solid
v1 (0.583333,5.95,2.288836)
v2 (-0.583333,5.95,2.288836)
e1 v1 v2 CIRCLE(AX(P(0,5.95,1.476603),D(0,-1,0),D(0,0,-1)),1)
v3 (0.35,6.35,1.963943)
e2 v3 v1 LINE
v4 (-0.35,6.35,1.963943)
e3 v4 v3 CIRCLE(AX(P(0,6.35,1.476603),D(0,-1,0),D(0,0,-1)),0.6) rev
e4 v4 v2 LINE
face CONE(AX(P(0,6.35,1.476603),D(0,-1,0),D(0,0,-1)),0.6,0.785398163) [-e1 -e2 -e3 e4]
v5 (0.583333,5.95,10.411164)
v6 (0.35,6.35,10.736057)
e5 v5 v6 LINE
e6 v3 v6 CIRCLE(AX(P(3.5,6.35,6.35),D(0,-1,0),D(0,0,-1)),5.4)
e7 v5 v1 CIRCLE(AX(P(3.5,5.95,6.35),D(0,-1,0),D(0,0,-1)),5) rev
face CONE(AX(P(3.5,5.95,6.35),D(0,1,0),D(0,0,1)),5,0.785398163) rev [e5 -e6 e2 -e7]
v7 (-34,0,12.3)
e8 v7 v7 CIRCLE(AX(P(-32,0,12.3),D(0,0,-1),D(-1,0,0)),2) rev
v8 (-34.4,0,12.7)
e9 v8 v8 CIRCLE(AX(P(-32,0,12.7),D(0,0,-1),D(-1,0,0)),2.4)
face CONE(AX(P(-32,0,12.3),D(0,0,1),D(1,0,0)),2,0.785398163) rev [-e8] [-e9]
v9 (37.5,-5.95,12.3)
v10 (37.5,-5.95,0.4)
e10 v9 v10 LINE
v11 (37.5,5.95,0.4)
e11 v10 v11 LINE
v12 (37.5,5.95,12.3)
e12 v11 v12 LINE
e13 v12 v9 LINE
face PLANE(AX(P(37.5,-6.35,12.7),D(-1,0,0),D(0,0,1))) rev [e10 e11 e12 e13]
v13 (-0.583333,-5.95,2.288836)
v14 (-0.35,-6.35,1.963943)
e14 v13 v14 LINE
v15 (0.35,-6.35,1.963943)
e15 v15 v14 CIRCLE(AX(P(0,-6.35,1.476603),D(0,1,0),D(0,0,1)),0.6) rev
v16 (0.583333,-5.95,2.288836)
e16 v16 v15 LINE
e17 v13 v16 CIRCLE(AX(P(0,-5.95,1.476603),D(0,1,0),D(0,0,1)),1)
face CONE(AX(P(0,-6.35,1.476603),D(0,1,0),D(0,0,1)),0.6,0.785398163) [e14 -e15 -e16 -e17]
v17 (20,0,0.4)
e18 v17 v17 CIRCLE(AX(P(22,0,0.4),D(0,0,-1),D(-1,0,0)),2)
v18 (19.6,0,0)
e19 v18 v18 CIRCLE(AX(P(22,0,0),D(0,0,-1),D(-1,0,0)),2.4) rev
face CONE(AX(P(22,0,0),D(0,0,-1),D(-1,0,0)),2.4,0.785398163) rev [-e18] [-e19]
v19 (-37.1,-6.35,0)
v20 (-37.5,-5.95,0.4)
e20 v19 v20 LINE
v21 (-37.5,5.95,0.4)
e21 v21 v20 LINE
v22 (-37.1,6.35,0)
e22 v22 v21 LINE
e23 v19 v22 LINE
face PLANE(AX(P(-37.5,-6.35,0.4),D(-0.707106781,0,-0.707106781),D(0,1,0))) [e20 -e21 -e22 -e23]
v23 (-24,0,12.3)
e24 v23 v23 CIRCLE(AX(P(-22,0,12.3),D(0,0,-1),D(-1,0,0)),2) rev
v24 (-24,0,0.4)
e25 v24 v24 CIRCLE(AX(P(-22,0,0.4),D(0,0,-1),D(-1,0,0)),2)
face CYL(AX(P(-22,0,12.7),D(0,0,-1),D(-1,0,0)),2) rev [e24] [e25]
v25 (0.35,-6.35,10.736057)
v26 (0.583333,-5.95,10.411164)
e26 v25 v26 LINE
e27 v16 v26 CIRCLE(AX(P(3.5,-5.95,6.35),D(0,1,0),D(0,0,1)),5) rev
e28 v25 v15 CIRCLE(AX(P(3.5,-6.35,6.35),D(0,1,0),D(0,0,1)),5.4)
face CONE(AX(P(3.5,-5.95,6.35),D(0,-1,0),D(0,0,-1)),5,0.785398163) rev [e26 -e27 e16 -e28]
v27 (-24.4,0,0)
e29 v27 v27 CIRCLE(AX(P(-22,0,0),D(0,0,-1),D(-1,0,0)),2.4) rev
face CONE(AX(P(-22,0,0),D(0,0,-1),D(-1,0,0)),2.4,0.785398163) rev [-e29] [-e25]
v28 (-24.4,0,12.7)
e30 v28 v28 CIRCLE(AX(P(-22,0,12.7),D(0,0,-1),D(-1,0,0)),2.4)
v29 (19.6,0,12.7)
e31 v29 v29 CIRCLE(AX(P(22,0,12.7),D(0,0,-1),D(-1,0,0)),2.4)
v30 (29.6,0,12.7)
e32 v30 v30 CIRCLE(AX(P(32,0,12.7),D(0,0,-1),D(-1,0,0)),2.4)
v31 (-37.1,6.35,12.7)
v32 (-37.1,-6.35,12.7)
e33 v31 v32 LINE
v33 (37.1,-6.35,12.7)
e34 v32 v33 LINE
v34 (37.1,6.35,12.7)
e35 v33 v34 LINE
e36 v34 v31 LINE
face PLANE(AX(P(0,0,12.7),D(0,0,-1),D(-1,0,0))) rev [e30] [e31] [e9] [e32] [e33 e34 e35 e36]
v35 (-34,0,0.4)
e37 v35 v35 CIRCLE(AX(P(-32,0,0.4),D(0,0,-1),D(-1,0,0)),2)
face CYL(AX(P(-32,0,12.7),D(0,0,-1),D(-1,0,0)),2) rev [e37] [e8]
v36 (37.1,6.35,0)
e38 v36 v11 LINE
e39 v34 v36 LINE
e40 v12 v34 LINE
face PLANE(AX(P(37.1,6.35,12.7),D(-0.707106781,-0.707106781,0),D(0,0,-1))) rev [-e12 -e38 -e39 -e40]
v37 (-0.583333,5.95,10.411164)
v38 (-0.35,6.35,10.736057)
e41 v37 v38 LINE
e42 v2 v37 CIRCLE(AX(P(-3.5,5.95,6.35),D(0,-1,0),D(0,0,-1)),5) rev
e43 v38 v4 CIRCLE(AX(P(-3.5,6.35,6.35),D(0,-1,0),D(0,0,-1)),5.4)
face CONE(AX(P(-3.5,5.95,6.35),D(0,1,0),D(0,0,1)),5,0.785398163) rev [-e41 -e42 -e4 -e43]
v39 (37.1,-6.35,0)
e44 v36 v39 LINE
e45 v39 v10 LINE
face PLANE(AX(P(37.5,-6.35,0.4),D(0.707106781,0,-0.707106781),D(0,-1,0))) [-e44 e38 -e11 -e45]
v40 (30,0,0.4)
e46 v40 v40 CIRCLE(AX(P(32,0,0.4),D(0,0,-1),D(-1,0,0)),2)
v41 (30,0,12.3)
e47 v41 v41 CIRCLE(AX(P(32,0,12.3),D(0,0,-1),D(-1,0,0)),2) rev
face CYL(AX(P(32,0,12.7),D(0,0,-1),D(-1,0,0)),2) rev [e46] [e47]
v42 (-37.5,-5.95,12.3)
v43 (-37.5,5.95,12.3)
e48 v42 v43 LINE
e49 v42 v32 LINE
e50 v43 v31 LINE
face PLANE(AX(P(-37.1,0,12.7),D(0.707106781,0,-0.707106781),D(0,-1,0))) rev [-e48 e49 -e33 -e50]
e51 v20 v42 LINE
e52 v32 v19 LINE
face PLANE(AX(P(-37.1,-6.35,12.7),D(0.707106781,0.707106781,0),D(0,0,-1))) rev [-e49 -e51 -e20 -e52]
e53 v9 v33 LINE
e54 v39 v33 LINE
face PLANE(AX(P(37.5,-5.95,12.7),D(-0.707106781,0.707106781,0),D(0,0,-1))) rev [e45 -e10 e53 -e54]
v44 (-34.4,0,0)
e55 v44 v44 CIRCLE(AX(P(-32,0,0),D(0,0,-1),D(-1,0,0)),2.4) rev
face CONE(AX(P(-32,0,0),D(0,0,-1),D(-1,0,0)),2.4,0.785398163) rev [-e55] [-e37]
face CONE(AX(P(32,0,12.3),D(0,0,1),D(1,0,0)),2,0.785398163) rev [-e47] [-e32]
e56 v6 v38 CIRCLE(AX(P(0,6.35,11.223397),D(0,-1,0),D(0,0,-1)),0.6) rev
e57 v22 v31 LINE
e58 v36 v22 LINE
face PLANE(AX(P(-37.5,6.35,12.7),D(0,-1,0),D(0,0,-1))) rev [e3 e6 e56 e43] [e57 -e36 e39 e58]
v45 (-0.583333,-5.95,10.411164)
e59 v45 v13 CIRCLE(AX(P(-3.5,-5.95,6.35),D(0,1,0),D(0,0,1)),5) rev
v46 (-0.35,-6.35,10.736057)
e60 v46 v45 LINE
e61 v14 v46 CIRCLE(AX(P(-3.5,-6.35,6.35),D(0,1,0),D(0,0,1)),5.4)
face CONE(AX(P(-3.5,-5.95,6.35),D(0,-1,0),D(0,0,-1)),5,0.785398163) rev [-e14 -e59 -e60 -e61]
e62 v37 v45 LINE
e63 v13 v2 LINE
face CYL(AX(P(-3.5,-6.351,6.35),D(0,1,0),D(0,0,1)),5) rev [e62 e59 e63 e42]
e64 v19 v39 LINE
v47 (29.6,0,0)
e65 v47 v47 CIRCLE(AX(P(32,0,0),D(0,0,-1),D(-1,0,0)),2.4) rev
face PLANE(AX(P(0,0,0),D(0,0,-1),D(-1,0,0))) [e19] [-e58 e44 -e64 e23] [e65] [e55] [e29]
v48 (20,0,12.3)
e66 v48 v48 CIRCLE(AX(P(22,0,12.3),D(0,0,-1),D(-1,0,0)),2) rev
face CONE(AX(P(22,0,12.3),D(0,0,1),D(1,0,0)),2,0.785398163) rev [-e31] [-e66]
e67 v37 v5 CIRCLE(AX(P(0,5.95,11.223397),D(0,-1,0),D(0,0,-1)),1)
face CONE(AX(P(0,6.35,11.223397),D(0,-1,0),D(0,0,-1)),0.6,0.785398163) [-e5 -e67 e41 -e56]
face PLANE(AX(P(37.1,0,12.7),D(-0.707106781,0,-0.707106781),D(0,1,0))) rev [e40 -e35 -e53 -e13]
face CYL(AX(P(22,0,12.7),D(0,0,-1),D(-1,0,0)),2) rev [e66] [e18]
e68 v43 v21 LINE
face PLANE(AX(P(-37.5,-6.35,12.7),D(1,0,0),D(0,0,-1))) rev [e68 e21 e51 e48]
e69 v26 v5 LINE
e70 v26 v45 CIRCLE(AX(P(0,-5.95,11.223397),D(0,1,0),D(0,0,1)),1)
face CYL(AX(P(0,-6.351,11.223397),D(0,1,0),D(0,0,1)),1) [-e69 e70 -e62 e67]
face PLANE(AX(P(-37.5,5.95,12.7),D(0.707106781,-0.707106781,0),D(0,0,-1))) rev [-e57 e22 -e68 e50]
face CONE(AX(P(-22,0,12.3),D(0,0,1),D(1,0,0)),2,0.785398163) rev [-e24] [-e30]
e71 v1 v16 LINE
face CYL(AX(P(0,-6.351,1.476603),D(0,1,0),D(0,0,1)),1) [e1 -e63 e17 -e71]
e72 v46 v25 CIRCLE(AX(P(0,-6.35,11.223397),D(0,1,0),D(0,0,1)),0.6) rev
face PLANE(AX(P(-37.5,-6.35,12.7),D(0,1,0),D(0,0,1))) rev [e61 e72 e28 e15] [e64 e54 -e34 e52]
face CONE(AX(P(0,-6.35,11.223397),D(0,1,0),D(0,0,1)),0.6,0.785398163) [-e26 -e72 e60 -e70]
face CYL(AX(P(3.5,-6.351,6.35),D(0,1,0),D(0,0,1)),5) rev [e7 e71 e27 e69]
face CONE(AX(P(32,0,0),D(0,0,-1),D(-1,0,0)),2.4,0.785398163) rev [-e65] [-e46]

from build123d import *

# Parameters (mm, degrees)
SKETCH1_W           = 75
SKETCH1_H           = 12.7
SKETCH1_R           = 2
BOSS_EXTRUDE1_DEPTH = 12.7
CUT_EXTRUDE1_REACH  = 43.579
FILLET1_R           = 1
CHAMFER1_SIZE       = 0.4


with BuildPart() as part:
    # Sketch1 → Boss-Extrude1 (new body)
    with BuildSketch(Plane.XY):
        Rectangle(SKETCH1_W, SKETCH1_H)
        with Locations((-32, 0)):
            Circle(SKETCH1_R, mode=Mode.SUBTRACT)
        with Locations((-22, 0)):
            Circle(SKETCH1_R, mode=Mode.SUBTRACT)
        with Locations((22, 0)):
            Circle(SKETCH1_R, mode=Mode.SUBTRACT)
        with Locations((32, 0)):
            Circle(SKETCH1_R, mode=Mode.SUBTRACT)
    extrude(amount=BOSS_EXTRUDE1_DEPTH)

    # Sketch2 → Cut-Extrude1 (cut, up to next)
    with BuildSketch(Plane(origin=(0, 6.35, 0), x_dir=(1, 0, 0), z_dir=(0, 1, 0)), mode=Mode.PRIVATE) as cut_extrude1_sk1:
        with BuildLine():
            ThreePointArc((0, -2.779285786), (-8.5, -6.35), (0, -9.920714214))
            ThreePointArc((0, -9.920714214), (8.5, -6.35), (0, -2.779285786))
        make_face()
    cut_extrude1_tool1 = extrude(cut_extrude1_sk1.sketch, amount=-CUT_EXTRUDE1_REACH, mode=Mode.PRIVATE) & part.part
    add(cut_extrude1_tool1.solids().sort_by_distance((0, 6.35, 6.35))[0], mode=Mode.SUBTRACT)

    # Fillet1
    fillet1_edges = [part.edges().sort_by_distance(p)[0] for p in [
        (0, 0, 9.920714214),
        (0, 0, 2.779285786),
    ]]
    fillet(fillet1_edges, radius=FILLET1_R)

    # Chamfer1
    chamfer1_edges = [part.edges().sort_by_distance(p)[0] for p in [
        (8.5, -6.35, 6.35),
        (0, -6.35, 10.223397172),
        (0, -6.35, 2.476602828),
        (-8.5, -6.35, 6.35),
        (8.5, 6.35, 6.35),
        (0, 6.35, 2.476602828),
        (0, 6.35, 10.223397172),
        (-8.5, 6.35, 6.35),
        (-37.5, 6.35, 6.35),
        (-37.5, 0, 12.7),
        (-37.5, -6.35, 6.35),
        (-37.5, 0, 0),
        (37.5, -6.35, 6.35),
        (37.5, 0, 12.7),
        (37.5, 6.35, 6.35),
        (37.5, 0, 0),
        (30, 0, 0),
        (30, 0, 12.7),
        (20, 0, 0),
        (20, 0, 12.7),
        (-24, 0, 0),
        (-24, 0, 12.7),
        (-34, 0, 0),
        (-34, 0, 12.7),
    ]]
    chamfer(chamfer1_edges, length=CHAMFER1_SIZE)


solid = part.part
